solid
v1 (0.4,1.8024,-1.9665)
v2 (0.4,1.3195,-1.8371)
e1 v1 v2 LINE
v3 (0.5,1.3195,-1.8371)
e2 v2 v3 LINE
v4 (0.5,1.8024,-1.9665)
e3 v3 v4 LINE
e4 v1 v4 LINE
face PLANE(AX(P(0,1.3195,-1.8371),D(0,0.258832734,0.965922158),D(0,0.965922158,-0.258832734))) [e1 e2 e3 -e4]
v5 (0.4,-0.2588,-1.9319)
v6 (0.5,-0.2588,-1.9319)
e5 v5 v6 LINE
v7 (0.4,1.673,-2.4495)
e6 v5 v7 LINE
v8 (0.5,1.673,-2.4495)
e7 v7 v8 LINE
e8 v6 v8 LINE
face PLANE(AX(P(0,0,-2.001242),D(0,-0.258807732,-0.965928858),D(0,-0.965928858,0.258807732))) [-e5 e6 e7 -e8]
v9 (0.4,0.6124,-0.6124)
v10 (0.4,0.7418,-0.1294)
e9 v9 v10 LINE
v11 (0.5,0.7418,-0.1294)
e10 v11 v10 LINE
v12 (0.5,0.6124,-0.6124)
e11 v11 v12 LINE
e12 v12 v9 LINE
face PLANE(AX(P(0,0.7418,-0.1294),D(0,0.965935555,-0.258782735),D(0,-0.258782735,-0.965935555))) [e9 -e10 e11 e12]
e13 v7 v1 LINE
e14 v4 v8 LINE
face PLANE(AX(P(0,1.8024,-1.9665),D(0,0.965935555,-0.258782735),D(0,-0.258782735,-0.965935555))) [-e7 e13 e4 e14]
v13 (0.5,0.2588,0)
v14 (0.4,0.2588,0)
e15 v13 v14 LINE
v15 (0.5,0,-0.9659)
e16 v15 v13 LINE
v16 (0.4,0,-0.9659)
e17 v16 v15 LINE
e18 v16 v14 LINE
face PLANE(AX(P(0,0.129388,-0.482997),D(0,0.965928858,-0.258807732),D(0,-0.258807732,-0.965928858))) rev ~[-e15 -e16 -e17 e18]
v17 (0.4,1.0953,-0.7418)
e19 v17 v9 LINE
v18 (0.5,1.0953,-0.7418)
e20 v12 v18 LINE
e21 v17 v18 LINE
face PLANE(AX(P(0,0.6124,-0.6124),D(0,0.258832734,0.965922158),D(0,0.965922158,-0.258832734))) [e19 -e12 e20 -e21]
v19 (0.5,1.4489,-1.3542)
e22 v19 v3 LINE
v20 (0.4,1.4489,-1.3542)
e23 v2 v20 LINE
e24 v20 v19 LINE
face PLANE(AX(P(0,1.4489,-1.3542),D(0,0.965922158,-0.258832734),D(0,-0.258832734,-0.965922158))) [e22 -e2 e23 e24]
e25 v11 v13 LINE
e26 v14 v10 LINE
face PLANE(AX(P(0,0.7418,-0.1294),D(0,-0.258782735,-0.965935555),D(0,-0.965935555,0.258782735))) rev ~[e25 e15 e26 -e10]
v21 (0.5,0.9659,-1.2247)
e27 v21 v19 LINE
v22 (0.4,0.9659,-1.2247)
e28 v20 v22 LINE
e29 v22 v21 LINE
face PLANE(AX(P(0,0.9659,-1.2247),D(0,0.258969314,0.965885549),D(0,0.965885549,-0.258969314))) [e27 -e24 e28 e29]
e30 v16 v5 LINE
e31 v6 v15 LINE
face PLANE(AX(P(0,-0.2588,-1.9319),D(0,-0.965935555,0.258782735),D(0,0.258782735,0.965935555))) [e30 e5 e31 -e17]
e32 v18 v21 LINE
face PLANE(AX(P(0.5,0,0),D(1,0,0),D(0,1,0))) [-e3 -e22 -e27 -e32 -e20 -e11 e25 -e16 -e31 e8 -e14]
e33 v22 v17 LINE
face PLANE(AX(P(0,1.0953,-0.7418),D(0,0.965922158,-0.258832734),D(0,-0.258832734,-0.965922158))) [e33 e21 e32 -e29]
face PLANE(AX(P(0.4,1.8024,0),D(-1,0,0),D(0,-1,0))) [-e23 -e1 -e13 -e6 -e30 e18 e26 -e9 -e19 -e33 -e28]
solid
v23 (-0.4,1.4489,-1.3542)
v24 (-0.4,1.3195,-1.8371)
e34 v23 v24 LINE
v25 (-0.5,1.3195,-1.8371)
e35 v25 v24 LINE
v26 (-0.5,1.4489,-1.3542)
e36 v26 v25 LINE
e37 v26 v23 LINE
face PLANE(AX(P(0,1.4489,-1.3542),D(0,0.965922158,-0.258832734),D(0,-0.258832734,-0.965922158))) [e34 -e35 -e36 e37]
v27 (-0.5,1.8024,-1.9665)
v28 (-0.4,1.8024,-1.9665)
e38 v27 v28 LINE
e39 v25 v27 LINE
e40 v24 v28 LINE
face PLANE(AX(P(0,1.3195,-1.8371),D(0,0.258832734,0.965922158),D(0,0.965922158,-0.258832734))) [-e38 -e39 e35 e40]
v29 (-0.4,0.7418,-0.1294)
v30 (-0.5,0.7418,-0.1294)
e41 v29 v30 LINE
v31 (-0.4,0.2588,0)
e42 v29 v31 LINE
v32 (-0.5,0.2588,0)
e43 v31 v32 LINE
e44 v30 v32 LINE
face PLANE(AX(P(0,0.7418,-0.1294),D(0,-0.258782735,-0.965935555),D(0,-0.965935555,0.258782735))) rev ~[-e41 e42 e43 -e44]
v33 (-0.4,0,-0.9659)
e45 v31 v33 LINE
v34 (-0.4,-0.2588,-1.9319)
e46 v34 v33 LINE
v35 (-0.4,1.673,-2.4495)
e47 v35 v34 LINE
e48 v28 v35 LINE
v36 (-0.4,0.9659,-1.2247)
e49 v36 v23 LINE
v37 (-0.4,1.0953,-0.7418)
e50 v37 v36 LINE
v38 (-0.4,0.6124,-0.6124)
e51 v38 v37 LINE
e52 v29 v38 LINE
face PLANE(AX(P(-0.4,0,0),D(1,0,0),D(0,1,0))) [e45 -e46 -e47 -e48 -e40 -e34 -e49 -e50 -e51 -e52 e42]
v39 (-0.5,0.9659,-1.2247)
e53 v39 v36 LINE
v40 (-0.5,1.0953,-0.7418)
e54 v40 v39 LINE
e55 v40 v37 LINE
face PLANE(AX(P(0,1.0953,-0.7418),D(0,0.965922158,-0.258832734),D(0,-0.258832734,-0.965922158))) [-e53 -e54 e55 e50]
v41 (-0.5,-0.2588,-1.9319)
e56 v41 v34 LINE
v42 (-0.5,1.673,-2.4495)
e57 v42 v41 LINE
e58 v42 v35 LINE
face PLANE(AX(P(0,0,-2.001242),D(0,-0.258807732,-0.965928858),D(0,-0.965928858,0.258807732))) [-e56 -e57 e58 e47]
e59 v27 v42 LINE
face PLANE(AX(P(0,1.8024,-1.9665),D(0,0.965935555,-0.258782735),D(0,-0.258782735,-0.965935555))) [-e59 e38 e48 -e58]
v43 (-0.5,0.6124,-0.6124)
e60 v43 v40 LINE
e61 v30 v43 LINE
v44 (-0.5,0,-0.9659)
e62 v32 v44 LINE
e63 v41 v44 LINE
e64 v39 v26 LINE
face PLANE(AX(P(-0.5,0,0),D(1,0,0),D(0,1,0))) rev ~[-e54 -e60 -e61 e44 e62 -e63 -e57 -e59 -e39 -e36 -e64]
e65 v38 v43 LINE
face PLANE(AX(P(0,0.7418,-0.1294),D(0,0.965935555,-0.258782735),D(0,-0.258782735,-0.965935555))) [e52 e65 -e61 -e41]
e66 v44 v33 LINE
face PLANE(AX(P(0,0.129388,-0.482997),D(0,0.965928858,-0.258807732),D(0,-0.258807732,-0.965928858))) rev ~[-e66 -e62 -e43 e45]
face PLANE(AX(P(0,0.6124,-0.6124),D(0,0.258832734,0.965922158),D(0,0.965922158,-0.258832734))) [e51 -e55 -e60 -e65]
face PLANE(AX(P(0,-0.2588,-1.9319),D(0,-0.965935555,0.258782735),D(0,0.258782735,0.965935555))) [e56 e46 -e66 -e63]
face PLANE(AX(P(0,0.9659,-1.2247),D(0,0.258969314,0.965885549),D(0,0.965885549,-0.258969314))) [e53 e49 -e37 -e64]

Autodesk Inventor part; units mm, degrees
ref_plane "YZ Plane" through (0, 0, 0) normal (1, 0, 0) x (0, 1, 0)
ref_plane "XZ Plane" through (0, 0, 0) normal (0, 1, 0) x (-1, 0, 0)
ref_plane "XY Plane" through (0, 0, 0) normal (0, 0, 1) x (1, 0, 0)
sketch "草圖1" plane through (0, 0, 0) normal (1, 0, 0) x (0, 1, 0)
  line L0 (0.483, -1.0953) -> (0.3536, -1.5783)
  line L1 (-0.6711, 0) -> (2.2147, 0) projected
  line L2 (0.7418, -0.1294) -> (0.6124, -0.6124)
  line L3 (0.6124, -0.6124) -> (1.0953, -0.7418)
  line L4 (1.0953, -0.7418) -> (0.9659, -1.2247)
  line L5 (0.9659, -1.2247) -> (1.4489, -1.3542)
  line L6 (0, -2.9394) -> (0, 0.4899) projected
  line L7 (1.4489, -1.3542) -> (1.3195, -1.8371)
  line L8 (1.3195, -1.8371) -> (1.8024, -1.9665)
  line L9 (1.8024, -1.9665) -> (1.673, -2.4495)
  line L10 (0.483, -1.0953) -> (0, -0.9659)
  line L11 (0.7418, -0.1294) -> (0.2588, 0)
  line L12 (0.2588, 0) -> (0, -0.9659)
  line L13 (0, -0.9659) -> (0.1294, -0.483)
  line L14 (0.1294, -0.483) -> (0.1294, -0.483)
  line L15 (0.3536, -1.5783) -> (0.8365, -1.7077)
  line L16 (0.8365, -1.7077) -> (0.7071, -2.1907)
  line L17 (0.7071, -2.1907) -> (1.673, -2.4495)
  line L18 (0.7071, -2.1907) -> (-0.2588, -1.9319)
  line L19 (-0.2588, -1.9319) -> (0, -0.9659)
  point P0 (0, 0)
  dimension "d28" = 0.5
  dimension "d29" = 0.5
  dimension "d34" = 0.5
  dimension "d43" = 0.5
  dimension "d48" = 0.5
  dimension "d49" = 15
  dimension "d50" = 0.5
  dimension "d52" = 0.5
  dimension "d53" = 0.5
extrude "擠出1" add sketch "草圖1" along normal mid plane 1 contours L10 L12 L11 L2 L3 L4 L5 L7 L8 L9 L17 L16 L15 L0 | L0 L15 L16 L18 L6 L10 | L6 L18 L19
sketch "草圖3" plane through (0, 0, 0) normal (0, 0, 1) x (1, 0, 0)
  line L0 (-0.4, 1.8024) -> (0.4, 1.8024)
  line L1 (0.4, 1.8024) -> (0.4, -0.2588)
  line L2 (0.4, -0.2588) -> (-0.4, -0.2588)
  line L3 (-0.4, -0.2588) -> (-0.4, 1.8024)
  line L4 (-0.4, 1.8024) -> (0.4, -0.2588) construction
  line L5 (0.4, 1.8024) -> (-0.4, -0.2588) construction
  line L6 (0, -0.3605) -> (0, 2.1629) projected
  line L7 (-0.7, 0) -> (0.7, 0) projected
  line L8 (-0.5, 1.8024) -> (0.5, 1.8024) projected
  line L9 (-0.5, -0.2588) -> (0.5, -0.2588) projected
  point P0 (0, 0)
  point P1 (0, 0.7718)
  point P2 (0, 0.7718)
  point P3 (-0.7, 0)
  point P4 (0.7, 0)
  dimension "d21" = 0.8
extrude "擠出3" cut sketch "草圖3" against normal blind 10
properties part number "階梯2"
